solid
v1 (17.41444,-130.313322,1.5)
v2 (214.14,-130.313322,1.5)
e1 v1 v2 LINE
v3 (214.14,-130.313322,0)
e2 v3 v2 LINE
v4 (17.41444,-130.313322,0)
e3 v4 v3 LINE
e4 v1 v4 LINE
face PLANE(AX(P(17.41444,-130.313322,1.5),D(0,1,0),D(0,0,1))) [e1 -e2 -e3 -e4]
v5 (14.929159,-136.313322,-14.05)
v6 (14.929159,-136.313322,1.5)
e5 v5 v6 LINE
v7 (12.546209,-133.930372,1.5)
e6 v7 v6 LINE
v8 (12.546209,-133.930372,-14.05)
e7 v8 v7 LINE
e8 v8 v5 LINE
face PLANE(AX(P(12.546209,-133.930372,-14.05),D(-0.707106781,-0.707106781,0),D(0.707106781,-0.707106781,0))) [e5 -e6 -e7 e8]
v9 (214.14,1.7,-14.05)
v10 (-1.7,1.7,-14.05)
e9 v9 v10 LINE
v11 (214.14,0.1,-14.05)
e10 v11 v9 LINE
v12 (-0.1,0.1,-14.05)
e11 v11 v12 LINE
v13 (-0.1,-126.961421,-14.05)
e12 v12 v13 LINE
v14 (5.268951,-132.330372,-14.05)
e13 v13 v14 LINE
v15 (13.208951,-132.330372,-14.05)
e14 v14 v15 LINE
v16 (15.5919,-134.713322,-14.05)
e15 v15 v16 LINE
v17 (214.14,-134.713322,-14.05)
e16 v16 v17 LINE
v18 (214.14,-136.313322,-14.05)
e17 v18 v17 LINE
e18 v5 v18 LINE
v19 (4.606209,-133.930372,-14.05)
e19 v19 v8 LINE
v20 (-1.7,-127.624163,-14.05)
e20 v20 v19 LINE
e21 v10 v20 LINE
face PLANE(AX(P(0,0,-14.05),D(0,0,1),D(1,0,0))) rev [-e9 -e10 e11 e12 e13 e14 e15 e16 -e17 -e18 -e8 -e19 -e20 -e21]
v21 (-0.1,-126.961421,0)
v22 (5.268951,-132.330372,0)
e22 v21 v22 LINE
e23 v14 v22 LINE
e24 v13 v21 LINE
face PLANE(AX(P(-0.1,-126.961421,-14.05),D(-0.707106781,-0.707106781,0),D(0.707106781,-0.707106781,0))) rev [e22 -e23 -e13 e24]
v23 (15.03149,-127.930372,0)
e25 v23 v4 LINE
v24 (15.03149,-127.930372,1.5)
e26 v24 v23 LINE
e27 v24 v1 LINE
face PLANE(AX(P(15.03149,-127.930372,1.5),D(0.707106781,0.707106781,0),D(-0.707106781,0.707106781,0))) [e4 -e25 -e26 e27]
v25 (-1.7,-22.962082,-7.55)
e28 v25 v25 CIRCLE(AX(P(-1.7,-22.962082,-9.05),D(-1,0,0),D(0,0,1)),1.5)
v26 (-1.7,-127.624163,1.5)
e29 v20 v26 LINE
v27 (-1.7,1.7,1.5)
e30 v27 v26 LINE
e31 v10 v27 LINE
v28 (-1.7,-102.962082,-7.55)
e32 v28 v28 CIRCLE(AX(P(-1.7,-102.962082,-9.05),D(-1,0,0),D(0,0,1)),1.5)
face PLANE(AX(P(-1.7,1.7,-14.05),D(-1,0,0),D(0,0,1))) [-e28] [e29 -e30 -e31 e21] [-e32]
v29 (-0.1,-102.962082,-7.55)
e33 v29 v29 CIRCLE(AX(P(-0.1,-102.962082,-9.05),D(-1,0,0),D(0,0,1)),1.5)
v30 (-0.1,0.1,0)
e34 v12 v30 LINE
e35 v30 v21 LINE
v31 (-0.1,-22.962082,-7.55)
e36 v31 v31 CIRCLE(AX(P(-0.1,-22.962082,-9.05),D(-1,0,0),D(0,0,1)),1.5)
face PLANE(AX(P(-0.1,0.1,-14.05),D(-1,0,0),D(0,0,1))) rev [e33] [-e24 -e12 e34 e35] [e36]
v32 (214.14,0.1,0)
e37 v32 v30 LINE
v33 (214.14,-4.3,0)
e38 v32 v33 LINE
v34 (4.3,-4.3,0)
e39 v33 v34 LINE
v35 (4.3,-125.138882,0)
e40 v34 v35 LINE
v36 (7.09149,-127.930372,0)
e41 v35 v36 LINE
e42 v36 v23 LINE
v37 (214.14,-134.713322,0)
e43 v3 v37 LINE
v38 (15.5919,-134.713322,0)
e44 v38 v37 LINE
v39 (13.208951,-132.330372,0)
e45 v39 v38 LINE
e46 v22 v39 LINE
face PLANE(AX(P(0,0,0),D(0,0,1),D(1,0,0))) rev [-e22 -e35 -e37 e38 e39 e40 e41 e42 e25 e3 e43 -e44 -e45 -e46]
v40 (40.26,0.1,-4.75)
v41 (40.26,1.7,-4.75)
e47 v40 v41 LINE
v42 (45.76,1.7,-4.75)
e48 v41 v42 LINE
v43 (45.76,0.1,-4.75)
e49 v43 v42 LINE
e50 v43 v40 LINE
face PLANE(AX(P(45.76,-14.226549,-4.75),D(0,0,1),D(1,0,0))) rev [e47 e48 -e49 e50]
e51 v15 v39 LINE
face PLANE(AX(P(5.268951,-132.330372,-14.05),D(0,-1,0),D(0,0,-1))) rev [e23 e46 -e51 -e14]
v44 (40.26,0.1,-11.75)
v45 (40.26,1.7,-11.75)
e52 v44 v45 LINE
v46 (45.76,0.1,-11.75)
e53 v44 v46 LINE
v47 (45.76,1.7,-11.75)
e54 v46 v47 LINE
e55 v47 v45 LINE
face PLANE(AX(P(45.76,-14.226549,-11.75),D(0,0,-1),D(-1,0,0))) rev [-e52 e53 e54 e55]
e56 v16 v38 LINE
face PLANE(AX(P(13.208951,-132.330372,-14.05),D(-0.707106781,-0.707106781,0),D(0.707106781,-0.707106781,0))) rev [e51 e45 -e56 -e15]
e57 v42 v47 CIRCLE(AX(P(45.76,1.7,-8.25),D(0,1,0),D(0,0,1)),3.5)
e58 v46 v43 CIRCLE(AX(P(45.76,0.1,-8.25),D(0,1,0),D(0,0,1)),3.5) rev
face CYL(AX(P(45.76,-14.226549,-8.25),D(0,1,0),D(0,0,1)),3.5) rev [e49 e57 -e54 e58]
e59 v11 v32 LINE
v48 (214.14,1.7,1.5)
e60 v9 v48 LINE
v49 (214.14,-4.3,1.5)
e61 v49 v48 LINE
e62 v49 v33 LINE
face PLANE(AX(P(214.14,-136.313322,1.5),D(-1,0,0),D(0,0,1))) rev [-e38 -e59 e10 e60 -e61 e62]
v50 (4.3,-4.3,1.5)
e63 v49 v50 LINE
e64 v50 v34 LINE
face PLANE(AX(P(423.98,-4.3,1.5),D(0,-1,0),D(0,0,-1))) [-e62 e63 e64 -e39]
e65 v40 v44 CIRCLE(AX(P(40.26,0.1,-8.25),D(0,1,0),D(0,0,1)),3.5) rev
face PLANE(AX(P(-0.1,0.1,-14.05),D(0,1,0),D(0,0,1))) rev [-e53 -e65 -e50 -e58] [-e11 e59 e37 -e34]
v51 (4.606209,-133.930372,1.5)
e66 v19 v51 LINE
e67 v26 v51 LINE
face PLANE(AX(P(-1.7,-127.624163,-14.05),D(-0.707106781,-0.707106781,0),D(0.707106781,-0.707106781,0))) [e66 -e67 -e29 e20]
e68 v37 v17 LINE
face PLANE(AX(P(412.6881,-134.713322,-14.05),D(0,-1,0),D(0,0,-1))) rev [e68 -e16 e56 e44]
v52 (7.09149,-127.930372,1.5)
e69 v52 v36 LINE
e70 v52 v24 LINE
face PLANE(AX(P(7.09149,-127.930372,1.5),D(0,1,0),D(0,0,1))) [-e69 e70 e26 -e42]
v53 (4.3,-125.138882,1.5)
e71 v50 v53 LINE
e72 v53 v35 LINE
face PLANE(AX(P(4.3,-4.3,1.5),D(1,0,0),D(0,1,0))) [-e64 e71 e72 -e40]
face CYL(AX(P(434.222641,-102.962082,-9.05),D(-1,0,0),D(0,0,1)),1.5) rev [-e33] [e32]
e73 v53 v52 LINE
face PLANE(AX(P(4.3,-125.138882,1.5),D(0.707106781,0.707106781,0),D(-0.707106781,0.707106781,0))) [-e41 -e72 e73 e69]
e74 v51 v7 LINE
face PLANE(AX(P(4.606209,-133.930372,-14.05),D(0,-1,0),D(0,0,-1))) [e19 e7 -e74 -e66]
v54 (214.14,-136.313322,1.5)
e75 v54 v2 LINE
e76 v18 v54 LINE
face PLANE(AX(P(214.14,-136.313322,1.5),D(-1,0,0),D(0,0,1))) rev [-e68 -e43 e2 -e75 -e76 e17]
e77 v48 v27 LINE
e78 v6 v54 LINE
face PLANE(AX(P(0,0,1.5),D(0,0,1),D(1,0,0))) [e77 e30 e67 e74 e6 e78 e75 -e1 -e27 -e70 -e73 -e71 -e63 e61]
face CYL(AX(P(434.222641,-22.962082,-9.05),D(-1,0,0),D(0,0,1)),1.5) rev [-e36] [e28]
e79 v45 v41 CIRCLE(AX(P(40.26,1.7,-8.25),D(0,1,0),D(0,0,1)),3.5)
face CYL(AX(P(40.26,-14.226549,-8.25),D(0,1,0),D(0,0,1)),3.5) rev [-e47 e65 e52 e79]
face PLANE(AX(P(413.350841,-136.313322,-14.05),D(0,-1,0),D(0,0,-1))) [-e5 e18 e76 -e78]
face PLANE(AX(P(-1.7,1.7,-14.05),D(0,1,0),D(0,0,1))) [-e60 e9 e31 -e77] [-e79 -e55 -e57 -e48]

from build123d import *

# Parameters (mm, degrees)
P_IDAT_VYSUNUT_M1_DEPTH  = 14.05
P_IDAT_VYSUNUT_M2_DEPTH  = 1.5
ODEBRAT_VYSUNUT_M1_DEPTH = 1.6
ODEBRAT_VYSUNUT_M2_REACH = 454.909
SKICA4_R                 = 1.5
SKICA5_W                 = 215.84
SKICA5_H                 = 15.55
ODEBRAT_VYSUNUT_M3_DEPTH = 452.805134863


with BuildPart() as part:
    # Skica1 → Přidat vysunutím1 (new body)
    with BuildSketch(Plane.XY):
        Polygon((-1.7, 1.7), (429.98, 1.7), (429.98, -127.624163056), (423.673791129, -133.930371927), (415.733791129, -133.930371927), (413.350841277, -136.313321779), (14.929158723, -136.313321779), (12.546208871, -133.930371927), (4.606208871, -133.930371927), (-1.7, -127.624163056), align=None)
        Polygon((-0.1, 0.1), (428.38, 0.1), (428.38, -126.961421356), (423.01104943, -132.330371927), (415.07104943, -132.330371927), (412.688099577, -134.713321779), (15.591900423, -134.713321779), (13.20895057, -132.330371927), (5.26895057, -132.330371927), (-0.1, -126.961421356), align=None, mode=Mode.SUBTRACT)
    extrude(amount=-P_IDAT_VYSUNUT_M1_DEPTH)

    # Skica2 → Přidat vysunutím2 (add)
    with BuildSketch(Plane.XY):
        Polygon((-1.7, 1.7), (-1.7, -127.624163056), (4.606208871, -133.930371927), (12.546208871, -133.930371927), (14.929158723, -136.313321779), (413.350841277, -136.313321779), (415.733791129, -133.930371927), (423.673791129, -133.930371927), (429.98, -127.624163056), (429.98, 1.7), align=None)
        Polygon((4.3, -4.3), (4.3, -125.138881682), (7.091490245, -127.930371927), (15.031490245, -127.930371927), (17.414440098, -130.313321779), (410.865559902, -130.313321779), (413.248509755, -127.930371927), (421.188509755, -127.930371927), (423.98, -125.138881682), (423.98, -4.3), align=None, mode=Mode.SUBTRACT)
    extrude(amount=P_IDAT_VYSUNUT_M2_DEPTH)

    # Skica3 → Odebrat vysunutím1 (cut)
    with BuildSketch(Plane(origin=(0, 1.7, 0), x_dir=(1, 0, 0), z_dir=(0, 1, 0))):
        with BuildLine():
            Line((45.76, 4.75), (40.26, 4.75))
            ThreePointArc((40.26, 4.75), (36.76, 8.25), (40.26, 11.75))
            Line((40.26, 11.75), (45.76, 11.75))
            ThreePointArc((45.76, 11.75), (49.26, 8.25), (45.76, 4.75))
        make_face()
    extrude(amount=-ODEBRAT_VYSUNUT_M1_DEPTH, mode=Mode.SUBTRACT)

    # Odebrat vysunutím2: up to this face of the body (flat: up to its plane)
    odebrat_vysunut_m2_end = Plane(part.part.faces().sort_by_distance((429.98, -62.962081528, -6.275))[0])
    # Skica4 → Odebrat vysunutím2 (cut, up to the picked face)
    with BuildSketch(Plane.ZY.offset(1.7), mode=Mode.PRIVATE) as odebrat_vysunut_m2_sk1:
        with Locations(Location((-9.05, -22.962081528, 0), (0, 0, 180))):
            Circle(SKICA4_R)
    odebrat_vysunut_m2_tool1 = split(extrude(odebrat_vysunut_m2_sk1.sketch, amount=-ODEBRAT_VYSUNUT_M2_REACH, mode=Mode.PRIVATE), bisect_by=odebrat_vysunut_m2_end, keep=Keep.BOTH, mode=Mode.PRIVATE)
    # Skica4 → Odebrat vysunutím2 (cut, up to the picked face)
    with BuildSketch(Plane.ZY.offset(1.7), mode=Mode.PRIVATE) as odebrat_vysunut_m2_sk2:
        with Locations(Location((-9.05, -102.962081528, 0), (0, 0, 180))):
            Circle(SKICA4_R)
    odebrat_vysunut_m2_tool2 = split(extrude(odebrat_vysunut_m2_sk2.sketch, amount=-ODEBRAT_VYSUNUT_M2_REACH, mode=Mode.PRIVATE), bisect_by=odebrat_vysunut_m2_end, keep=Keep.BOTH, mode=Mode.PRIVATE)
    add(odebrat_vysunut_m2_tool1.solids().sort_by(Axis((-1.7, -22.962082, -9.05), (1, 0, 0)))[0], mode=Mode.SUBTRACT)
    add(odebrat_vysunut_m2_tool2.solids().sort_by(Axis((-1.7, -102.962082, -9.05), (1, 0, 0)))[0], mode=Mode.SUBTRACT)

    # Skica5 → Odebrat vysunutím3 (cut, through all)
    with BuildSketch(Plane(origin=(0, 1.7, 0), x_dir=(1, 0, 0), z_dir=(0, 1, 0))):
        with Locations((322.06, 6.275)):
            Rectangle(SKICA5_W, SKICA5_H)
    extrude(amount=-ODEBRAT_VYSUNUT_M3_DEPTH, mode=Mode.SUBTRACT)


solid = part.part
